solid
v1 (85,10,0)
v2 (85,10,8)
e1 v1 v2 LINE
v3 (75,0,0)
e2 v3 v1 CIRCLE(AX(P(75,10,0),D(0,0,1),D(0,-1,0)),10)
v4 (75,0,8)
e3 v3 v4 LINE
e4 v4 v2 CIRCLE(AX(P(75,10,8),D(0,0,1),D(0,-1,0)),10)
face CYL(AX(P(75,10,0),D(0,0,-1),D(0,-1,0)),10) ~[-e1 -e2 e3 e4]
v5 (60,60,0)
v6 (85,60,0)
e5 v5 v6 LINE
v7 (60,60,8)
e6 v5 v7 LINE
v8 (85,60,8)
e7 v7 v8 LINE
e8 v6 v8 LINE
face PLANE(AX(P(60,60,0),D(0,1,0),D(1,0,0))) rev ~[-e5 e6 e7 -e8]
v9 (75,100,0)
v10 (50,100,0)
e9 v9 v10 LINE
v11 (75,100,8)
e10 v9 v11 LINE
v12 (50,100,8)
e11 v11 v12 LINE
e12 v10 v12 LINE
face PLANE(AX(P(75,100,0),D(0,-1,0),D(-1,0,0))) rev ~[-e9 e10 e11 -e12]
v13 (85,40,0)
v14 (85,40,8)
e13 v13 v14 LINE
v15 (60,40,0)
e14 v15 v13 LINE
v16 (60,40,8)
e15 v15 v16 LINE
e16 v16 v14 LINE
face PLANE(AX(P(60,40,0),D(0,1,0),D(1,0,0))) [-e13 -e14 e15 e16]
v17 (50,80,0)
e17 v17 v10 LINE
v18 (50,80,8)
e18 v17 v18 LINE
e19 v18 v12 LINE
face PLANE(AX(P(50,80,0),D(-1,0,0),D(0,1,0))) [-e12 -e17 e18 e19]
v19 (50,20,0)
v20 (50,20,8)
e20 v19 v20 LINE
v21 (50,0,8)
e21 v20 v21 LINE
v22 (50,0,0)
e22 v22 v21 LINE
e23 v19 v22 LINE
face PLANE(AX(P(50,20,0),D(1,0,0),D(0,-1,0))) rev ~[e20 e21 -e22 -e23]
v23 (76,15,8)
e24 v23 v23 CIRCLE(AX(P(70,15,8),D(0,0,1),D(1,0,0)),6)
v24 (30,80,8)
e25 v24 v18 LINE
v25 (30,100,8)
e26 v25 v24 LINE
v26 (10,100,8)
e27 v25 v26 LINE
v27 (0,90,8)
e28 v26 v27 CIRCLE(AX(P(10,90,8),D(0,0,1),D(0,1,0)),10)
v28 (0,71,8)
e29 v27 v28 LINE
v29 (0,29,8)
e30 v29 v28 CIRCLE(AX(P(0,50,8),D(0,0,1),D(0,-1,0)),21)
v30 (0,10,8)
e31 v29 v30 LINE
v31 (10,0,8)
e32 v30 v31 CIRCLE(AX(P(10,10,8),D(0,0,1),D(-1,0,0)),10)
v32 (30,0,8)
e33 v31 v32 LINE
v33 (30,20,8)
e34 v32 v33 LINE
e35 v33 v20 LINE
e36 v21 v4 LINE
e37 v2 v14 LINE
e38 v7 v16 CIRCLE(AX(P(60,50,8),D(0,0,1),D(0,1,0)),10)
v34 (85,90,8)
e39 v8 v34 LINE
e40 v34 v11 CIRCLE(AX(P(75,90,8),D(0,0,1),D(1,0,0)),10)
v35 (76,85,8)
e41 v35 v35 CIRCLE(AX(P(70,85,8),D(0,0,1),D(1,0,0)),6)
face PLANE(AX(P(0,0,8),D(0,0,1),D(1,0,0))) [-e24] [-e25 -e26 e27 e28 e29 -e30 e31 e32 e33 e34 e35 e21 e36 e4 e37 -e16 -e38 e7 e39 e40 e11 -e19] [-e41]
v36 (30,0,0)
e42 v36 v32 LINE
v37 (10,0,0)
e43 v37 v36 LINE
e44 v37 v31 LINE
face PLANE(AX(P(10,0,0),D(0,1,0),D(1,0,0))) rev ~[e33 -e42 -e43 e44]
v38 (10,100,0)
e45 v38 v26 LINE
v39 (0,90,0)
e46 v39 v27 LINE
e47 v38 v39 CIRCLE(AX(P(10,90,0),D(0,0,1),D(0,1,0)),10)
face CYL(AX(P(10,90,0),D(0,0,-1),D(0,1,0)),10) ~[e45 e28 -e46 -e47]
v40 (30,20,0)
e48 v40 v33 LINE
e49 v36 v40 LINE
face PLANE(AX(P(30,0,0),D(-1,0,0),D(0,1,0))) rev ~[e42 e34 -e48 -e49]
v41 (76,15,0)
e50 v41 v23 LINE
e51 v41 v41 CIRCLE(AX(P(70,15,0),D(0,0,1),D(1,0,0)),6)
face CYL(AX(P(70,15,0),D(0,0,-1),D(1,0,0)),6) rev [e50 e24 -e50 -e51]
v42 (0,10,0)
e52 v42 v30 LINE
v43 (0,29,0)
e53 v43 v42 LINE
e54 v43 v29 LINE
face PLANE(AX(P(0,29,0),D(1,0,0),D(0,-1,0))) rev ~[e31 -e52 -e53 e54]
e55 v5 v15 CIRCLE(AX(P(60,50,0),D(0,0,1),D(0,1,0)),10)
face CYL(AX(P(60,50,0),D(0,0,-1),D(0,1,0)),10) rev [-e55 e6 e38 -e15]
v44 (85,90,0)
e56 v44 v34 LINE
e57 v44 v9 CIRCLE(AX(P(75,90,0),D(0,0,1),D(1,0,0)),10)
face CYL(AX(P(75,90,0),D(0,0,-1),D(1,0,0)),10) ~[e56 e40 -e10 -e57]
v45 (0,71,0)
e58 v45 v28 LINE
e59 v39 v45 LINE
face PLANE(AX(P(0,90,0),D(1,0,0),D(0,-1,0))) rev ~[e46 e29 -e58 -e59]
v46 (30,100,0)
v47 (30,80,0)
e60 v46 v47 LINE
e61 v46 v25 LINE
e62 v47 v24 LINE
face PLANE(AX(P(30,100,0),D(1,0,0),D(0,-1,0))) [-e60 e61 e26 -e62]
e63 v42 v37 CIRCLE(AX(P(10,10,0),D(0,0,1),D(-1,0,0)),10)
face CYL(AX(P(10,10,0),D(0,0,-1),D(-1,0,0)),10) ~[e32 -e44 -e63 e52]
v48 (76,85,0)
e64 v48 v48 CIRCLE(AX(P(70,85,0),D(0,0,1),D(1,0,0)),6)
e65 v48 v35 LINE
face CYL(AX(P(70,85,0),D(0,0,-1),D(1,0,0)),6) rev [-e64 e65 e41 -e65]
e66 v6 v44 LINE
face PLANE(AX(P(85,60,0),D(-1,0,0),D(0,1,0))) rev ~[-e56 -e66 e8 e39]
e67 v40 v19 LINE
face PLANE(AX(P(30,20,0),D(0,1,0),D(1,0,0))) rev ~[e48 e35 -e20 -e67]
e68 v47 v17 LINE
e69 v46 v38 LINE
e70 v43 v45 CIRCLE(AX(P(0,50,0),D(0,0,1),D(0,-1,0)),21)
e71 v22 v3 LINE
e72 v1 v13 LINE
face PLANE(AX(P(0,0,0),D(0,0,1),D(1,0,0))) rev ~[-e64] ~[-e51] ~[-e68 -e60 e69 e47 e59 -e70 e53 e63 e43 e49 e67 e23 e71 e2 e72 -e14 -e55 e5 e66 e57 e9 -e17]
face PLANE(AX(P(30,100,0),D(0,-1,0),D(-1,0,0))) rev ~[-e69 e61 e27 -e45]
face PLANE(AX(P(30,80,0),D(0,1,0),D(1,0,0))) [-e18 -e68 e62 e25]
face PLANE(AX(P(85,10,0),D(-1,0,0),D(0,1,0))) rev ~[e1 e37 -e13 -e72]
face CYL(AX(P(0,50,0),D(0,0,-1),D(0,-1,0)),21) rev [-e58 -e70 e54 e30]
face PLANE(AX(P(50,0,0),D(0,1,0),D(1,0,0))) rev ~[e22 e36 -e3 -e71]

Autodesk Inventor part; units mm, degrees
ref_plane "YZ Plane" through (0, 0, 0) normal (1, 0, 0) x (0, 1, 0)
ref_plane "XZ Plane" through (0, 0, 0) normal (0, 1, 0) x (-1, 0, 0)
ref_plane "XY Plane" through (0, 0, 0) normal (0, 0, 1) x (1, 0, 0)
sketch "Sketch1" plane through (0, 0, 0) normal (0, 0, 1) x (1, 0, 0)
  arc A0 (10, 100) -> (0, 90) centre (10, 90) ccw
  arc A1 (85, 90) -> (75, 100) centre (75, 90) ccw
  arc A2 (75, 0) -> (85, 10) centre (75, 10) ccw
  arc A3 (0, 10) -> (10, 0) centre (10, 10) ccw
  circle A4 centre (70, 15) radius 6
  circle A5 centre (70, 85) radius 6
  arc A6 (60, 60) -> (60, 40) centre (60, 50) ccw
  line L0 (60, 60) -> (85, 60)
  line L1 (60, 40) -> (85, 40)
  line L2 (30, 100) -> (30, 80)
  line L3 (30, 80) -> (50, 80)
  line L4 (50, 80) -> (50, 100)
  line L5 (30, 0) -> (30, 20)
  line L6 (30, 20) -> (50, 20)
  line L7 (50, 20) -> (50, 0)
  arc A7 (0, 29) -> (0, 71) centre (0, 50) ccw
  line L8 (0, 90) -> (0, 71)
  line L9 (0, 29) -> (0, 10)
  line L10 (75, 100) -> (50, 100)
  line L11 (30, 100) -> (10, 100)
  line L12 (85, 10) -> (85, 40)
  line L13 (85, 60) -> (85, 90)
  line L14 (10, 0) -> (30, 0)
  line L15 (50, 0) -> (75, 0)
  point P0 (0, 0)
  point P1 (85, 100)
  point P2 (85, 0)
  point P3 (0, 100)
  dimension "d0" = 85
  dimension "d1" = 100
  dimension "d2" = 10
  dimension "d3" = 10
  dimension "d4" = 10
  dimension "d5" = 10
extrude "Extrusion1" add sketch "Sketch1" along normal blind 8
properties part number "P2-6"
